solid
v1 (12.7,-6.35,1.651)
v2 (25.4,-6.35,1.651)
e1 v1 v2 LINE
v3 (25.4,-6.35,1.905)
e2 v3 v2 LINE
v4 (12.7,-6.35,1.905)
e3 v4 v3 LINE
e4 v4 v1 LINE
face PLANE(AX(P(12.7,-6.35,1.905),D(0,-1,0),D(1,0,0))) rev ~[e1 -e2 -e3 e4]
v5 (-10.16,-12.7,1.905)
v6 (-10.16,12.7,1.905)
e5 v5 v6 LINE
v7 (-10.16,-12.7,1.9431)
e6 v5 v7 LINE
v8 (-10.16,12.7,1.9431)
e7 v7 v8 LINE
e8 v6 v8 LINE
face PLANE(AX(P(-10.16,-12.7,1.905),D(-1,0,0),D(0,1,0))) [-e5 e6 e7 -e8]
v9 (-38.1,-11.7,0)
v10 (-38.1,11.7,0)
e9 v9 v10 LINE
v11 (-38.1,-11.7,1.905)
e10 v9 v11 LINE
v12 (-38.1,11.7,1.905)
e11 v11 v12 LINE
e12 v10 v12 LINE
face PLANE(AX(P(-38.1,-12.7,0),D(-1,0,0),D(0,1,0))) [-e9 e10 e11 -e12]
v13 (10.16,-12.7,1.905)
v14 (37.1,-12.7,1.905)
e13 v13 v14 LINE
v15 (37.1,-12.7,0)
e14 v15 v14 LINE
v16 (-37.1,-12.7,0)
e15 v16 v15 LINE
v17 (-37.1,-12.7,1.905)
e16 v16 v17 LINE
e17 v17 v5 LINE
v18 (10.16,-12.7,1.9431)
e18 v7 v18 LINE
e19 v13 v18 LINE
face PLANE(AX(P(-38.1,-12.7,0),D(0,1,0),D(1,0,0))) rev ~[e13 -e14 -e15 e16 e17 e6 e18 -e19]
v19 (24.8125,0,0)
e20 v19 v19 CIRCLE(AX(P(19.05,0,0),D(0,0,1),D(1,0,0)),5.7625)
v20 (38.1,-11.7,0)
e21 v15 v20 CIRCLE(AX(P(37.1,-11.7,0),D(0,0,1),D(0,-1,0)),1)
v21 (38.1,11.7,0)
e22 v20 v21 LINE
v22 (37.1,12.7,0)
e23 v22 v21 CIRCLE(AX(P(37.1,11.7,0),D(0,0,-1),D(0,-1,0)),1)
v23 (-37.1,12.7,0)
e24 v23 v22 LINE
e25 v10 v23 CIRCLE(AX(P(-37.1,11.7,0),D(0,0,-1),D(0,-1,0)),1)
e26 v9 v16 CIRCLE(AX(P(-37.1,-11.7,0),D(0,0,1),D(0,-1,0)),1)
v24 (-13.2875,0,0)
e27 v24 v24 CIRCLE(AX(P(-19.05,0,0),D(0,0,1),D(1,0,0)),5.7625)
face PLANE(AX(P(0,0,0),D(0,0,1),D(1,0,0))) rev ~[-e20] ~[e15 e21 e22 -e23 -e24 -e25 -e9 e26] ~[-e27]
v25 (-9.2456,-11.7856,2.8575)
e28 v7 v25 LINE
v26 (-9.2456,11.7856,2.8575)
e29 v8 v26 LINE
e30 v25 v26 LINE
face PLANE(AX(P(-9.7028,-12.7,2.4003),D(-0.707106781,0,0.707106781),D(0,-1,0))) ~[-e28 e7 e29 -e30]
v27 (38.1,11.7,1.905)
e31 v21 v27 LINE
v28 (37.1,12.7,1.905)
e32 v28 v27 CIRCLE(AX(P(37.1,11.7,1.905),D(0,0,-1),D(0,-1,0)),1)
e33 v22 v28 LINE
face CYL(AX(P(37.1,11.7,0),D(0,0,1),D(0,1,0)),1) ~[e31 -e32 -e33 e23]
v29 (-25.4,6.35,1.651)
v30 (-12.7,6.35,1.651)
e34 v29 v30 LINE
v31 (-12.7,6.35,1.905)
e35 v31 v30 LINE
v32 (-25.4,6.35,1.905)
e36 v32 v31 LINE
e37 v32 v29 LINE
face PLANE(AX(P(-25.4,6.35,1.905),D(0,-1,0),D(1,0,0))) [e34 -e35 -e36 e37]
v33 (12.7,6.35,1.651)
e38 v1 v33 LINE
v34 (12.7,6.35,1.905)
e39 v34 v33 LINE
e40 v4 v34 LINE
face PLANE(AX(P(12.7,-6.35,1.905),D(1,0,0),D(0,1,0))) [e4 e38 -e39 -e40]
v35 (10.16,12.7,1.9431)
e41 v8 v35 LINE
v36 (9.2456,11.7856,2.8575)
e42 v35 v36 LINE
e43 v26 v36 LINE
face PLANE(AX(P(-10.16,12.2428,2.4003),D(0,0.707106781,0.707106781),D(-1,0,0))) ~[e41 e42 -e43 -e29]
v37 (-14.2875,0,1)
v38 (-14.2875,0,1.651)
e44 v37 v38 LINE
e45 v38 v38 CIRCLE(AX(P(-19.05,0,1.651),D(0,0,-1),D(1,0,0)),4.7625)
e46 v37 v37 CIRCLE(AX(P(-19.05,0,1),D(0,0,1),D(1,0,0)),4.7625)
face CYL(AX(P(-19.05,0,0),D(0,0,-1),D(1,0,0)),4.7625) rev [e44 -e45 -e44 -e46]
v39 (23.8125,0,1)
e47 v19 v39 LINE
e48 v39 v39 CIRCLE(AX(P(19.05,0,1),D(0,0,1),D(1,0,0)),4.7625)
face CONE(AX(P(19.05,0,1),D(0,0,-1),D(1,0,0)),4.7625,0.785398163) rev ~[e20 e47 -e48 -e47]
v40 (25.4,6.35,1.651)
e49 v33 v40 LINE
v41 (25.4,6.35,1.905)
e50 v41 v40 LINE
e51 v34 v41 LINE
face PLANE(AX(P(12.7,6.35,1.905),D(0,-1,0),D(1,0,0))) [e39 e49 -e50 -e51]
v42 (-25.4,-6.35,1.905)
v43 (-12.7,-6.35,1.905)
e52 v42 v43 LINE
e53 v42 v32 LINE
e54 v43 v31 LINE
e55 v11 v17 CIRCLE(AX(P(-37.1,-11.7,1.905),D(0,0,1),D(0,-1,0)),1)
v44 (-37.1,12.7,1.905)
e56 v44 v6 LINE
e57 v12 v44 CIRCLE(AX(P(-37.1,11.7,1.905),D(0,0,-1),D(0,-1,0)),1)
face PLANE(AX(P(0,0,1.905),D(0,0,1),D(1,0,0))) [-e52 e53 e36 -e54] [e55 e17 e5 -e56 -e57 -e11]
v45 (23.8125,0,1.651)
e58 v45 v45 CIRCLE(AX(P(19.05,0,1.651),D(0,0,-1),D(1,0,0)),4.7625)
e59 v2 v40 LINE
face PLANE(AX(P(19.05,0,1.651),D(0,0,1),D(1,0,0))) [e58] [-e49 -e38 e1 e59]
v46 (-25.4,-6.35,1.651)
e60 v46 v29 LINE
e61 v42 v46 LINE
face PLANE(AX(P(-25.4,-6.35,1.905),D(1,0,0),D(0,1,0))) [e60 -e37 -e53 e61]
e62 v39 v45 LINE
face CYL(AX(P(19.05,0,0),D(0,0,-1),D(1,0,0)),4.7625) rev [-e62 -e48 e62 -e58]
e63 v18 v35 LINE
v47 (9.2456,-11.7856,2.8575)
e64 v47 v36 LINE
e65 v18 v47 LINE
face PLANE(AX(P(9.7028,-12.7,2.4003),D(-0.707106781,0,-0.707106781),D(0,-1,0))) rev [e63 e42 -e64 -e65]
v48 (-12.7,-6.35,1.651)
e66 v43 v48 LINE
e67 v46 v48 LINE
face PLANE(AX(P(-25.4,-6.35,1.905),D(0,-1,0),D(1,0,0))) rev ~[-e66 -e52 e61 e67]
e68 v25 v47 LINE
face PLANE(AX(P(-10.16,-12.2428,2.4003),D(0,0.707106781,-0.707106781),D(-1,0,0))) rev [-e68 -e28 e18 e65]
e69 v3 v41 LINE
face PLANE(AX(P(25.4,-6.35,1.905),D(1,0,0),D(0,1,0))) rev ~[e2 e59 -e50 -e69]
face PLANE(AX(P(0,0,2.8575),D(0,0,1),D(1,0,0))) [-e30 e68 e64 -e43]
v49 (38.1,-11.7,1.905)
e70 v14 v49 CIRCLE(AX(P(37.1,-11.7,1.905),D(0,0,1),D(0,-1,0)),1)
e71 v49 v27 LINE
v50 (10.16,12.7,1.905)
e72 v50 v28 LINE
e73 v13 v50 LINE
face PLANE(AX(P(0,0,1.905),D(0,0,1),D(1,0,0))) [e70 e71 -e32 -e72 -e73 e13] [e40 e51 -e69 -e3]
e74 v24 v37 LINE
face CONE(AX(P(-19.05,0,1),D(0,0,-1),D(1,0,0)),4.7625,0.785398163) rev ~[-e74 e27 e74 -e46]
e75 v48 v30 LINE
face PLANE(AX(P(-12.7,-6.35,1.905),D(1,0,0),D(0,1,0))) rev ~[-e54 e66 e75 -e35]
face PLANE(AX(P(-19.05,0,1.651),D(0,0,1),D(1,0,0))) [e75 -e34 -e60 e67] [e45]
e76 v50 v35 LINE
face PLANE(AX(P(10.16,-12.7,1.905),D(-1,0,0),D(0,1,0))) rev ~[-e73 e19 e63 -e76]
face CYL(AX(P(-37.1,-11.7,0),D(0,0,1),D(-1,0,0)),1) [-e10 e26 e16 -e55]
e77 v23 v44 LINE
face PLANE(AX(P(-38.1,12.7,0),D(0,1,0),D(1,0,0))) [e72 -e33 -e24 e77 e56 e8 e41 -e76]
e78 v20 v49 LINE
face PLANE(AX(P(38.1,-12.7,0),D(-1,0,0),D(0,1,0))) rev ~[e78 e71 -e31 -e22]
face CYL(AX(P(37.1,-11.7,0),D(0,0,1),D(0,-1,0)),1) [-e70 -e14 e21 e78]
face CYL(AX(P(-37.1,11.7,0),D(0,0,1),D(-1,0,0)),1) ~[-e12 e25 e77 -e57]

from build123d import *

# Parameters (mm, degrees)
SKETCH_W        = 76.2
SKETCH_H        = 25.4
SKETCH_R        = 4.7625
PAD_DEPTH       = 1.905
SKETCH001_W     = 12.7
SKETCH001_H     = 12.7
POCKET_DEPTH    = 0.254
CHAMFER_SIZE    = 1
FILLET_R        = 1
SKETCH002_W     = 20.32
SKETCH002_H     = 25.4
PAD001_DEPTH    = 0.9525
CHAMFER001_SIZE = 0.9144


with BuildPart() as part:
    # Sketch → Pad (new body)
    with BuildSketch(Plane.XY):
        Rectangle(SKETCH_W, SKETCH_H)
        with Locations((-19.05, 0)):
            Circle(SKETCH_R, mode=Mode.SUBTRACT)
        with Locations((19.05, 0)):
            Circle(SKETCH_R, mode=Mode.SUBTRACT)
    extrude(amount=PAD_DEPTH)

    # Sketch001 → Pocket (cut)
    with BuildSketch(Plane.XY.offset(1.905)):
        with Locations((-19.05, 0)):
            Rectangle(SKETCH001_W, SKETCH001_H)
        with Locations((19.05, 0)):
            Rectangle(SKETCH001_W, SKETCH001_H)
    extrude(amount=-POCKET_DEPTH, mode=Mode.SUBTRACT)

    # Chamfer
    chamfer_edges = [part.edges().sort_by_distance(p)[0] for p in [
        (14.2875, 0, 0),
        (-23.8125, 0, 0),
    ]]
    chamfer(chamfer_edges, length=CHAMFER_SIZE)

    # Fillet
    fillet_edges = [part.edges().sort_by_distance(p)[0] for p in [
        (38.1, 12.7, 0.9525),
        (38.1, -12.7, 0.9525),
        (-38.1, -12.7, 0.9525),
        (-38.1, 12.7, 0.9525),
    ]]
    fillet(fillet_edges, radius=FILLET_R)

    # Sketch002 (on Face5 of Pocket) → Pad001 (join)
    with BuildSketch(Plane.XY.offset(1.905)):
        Rectangle(SKETCH002_W, SKETCH002_H)
    extrude(amount=PAD001_DEPTH)

    # Chamfer001
    chamfer001_edges = [part.edges().sort_by_distance(p)[0] for p in [
        (0, -12.7, 2.8575),
        (-10.16, 0, 2.8575),
        (0, 12.7, 2.8575),
        (10.16, 0, 2.8575),
    ]]
    chamfer(chamfer001_edges, length=CHAMFER001_SIZE)


solid = part.part
